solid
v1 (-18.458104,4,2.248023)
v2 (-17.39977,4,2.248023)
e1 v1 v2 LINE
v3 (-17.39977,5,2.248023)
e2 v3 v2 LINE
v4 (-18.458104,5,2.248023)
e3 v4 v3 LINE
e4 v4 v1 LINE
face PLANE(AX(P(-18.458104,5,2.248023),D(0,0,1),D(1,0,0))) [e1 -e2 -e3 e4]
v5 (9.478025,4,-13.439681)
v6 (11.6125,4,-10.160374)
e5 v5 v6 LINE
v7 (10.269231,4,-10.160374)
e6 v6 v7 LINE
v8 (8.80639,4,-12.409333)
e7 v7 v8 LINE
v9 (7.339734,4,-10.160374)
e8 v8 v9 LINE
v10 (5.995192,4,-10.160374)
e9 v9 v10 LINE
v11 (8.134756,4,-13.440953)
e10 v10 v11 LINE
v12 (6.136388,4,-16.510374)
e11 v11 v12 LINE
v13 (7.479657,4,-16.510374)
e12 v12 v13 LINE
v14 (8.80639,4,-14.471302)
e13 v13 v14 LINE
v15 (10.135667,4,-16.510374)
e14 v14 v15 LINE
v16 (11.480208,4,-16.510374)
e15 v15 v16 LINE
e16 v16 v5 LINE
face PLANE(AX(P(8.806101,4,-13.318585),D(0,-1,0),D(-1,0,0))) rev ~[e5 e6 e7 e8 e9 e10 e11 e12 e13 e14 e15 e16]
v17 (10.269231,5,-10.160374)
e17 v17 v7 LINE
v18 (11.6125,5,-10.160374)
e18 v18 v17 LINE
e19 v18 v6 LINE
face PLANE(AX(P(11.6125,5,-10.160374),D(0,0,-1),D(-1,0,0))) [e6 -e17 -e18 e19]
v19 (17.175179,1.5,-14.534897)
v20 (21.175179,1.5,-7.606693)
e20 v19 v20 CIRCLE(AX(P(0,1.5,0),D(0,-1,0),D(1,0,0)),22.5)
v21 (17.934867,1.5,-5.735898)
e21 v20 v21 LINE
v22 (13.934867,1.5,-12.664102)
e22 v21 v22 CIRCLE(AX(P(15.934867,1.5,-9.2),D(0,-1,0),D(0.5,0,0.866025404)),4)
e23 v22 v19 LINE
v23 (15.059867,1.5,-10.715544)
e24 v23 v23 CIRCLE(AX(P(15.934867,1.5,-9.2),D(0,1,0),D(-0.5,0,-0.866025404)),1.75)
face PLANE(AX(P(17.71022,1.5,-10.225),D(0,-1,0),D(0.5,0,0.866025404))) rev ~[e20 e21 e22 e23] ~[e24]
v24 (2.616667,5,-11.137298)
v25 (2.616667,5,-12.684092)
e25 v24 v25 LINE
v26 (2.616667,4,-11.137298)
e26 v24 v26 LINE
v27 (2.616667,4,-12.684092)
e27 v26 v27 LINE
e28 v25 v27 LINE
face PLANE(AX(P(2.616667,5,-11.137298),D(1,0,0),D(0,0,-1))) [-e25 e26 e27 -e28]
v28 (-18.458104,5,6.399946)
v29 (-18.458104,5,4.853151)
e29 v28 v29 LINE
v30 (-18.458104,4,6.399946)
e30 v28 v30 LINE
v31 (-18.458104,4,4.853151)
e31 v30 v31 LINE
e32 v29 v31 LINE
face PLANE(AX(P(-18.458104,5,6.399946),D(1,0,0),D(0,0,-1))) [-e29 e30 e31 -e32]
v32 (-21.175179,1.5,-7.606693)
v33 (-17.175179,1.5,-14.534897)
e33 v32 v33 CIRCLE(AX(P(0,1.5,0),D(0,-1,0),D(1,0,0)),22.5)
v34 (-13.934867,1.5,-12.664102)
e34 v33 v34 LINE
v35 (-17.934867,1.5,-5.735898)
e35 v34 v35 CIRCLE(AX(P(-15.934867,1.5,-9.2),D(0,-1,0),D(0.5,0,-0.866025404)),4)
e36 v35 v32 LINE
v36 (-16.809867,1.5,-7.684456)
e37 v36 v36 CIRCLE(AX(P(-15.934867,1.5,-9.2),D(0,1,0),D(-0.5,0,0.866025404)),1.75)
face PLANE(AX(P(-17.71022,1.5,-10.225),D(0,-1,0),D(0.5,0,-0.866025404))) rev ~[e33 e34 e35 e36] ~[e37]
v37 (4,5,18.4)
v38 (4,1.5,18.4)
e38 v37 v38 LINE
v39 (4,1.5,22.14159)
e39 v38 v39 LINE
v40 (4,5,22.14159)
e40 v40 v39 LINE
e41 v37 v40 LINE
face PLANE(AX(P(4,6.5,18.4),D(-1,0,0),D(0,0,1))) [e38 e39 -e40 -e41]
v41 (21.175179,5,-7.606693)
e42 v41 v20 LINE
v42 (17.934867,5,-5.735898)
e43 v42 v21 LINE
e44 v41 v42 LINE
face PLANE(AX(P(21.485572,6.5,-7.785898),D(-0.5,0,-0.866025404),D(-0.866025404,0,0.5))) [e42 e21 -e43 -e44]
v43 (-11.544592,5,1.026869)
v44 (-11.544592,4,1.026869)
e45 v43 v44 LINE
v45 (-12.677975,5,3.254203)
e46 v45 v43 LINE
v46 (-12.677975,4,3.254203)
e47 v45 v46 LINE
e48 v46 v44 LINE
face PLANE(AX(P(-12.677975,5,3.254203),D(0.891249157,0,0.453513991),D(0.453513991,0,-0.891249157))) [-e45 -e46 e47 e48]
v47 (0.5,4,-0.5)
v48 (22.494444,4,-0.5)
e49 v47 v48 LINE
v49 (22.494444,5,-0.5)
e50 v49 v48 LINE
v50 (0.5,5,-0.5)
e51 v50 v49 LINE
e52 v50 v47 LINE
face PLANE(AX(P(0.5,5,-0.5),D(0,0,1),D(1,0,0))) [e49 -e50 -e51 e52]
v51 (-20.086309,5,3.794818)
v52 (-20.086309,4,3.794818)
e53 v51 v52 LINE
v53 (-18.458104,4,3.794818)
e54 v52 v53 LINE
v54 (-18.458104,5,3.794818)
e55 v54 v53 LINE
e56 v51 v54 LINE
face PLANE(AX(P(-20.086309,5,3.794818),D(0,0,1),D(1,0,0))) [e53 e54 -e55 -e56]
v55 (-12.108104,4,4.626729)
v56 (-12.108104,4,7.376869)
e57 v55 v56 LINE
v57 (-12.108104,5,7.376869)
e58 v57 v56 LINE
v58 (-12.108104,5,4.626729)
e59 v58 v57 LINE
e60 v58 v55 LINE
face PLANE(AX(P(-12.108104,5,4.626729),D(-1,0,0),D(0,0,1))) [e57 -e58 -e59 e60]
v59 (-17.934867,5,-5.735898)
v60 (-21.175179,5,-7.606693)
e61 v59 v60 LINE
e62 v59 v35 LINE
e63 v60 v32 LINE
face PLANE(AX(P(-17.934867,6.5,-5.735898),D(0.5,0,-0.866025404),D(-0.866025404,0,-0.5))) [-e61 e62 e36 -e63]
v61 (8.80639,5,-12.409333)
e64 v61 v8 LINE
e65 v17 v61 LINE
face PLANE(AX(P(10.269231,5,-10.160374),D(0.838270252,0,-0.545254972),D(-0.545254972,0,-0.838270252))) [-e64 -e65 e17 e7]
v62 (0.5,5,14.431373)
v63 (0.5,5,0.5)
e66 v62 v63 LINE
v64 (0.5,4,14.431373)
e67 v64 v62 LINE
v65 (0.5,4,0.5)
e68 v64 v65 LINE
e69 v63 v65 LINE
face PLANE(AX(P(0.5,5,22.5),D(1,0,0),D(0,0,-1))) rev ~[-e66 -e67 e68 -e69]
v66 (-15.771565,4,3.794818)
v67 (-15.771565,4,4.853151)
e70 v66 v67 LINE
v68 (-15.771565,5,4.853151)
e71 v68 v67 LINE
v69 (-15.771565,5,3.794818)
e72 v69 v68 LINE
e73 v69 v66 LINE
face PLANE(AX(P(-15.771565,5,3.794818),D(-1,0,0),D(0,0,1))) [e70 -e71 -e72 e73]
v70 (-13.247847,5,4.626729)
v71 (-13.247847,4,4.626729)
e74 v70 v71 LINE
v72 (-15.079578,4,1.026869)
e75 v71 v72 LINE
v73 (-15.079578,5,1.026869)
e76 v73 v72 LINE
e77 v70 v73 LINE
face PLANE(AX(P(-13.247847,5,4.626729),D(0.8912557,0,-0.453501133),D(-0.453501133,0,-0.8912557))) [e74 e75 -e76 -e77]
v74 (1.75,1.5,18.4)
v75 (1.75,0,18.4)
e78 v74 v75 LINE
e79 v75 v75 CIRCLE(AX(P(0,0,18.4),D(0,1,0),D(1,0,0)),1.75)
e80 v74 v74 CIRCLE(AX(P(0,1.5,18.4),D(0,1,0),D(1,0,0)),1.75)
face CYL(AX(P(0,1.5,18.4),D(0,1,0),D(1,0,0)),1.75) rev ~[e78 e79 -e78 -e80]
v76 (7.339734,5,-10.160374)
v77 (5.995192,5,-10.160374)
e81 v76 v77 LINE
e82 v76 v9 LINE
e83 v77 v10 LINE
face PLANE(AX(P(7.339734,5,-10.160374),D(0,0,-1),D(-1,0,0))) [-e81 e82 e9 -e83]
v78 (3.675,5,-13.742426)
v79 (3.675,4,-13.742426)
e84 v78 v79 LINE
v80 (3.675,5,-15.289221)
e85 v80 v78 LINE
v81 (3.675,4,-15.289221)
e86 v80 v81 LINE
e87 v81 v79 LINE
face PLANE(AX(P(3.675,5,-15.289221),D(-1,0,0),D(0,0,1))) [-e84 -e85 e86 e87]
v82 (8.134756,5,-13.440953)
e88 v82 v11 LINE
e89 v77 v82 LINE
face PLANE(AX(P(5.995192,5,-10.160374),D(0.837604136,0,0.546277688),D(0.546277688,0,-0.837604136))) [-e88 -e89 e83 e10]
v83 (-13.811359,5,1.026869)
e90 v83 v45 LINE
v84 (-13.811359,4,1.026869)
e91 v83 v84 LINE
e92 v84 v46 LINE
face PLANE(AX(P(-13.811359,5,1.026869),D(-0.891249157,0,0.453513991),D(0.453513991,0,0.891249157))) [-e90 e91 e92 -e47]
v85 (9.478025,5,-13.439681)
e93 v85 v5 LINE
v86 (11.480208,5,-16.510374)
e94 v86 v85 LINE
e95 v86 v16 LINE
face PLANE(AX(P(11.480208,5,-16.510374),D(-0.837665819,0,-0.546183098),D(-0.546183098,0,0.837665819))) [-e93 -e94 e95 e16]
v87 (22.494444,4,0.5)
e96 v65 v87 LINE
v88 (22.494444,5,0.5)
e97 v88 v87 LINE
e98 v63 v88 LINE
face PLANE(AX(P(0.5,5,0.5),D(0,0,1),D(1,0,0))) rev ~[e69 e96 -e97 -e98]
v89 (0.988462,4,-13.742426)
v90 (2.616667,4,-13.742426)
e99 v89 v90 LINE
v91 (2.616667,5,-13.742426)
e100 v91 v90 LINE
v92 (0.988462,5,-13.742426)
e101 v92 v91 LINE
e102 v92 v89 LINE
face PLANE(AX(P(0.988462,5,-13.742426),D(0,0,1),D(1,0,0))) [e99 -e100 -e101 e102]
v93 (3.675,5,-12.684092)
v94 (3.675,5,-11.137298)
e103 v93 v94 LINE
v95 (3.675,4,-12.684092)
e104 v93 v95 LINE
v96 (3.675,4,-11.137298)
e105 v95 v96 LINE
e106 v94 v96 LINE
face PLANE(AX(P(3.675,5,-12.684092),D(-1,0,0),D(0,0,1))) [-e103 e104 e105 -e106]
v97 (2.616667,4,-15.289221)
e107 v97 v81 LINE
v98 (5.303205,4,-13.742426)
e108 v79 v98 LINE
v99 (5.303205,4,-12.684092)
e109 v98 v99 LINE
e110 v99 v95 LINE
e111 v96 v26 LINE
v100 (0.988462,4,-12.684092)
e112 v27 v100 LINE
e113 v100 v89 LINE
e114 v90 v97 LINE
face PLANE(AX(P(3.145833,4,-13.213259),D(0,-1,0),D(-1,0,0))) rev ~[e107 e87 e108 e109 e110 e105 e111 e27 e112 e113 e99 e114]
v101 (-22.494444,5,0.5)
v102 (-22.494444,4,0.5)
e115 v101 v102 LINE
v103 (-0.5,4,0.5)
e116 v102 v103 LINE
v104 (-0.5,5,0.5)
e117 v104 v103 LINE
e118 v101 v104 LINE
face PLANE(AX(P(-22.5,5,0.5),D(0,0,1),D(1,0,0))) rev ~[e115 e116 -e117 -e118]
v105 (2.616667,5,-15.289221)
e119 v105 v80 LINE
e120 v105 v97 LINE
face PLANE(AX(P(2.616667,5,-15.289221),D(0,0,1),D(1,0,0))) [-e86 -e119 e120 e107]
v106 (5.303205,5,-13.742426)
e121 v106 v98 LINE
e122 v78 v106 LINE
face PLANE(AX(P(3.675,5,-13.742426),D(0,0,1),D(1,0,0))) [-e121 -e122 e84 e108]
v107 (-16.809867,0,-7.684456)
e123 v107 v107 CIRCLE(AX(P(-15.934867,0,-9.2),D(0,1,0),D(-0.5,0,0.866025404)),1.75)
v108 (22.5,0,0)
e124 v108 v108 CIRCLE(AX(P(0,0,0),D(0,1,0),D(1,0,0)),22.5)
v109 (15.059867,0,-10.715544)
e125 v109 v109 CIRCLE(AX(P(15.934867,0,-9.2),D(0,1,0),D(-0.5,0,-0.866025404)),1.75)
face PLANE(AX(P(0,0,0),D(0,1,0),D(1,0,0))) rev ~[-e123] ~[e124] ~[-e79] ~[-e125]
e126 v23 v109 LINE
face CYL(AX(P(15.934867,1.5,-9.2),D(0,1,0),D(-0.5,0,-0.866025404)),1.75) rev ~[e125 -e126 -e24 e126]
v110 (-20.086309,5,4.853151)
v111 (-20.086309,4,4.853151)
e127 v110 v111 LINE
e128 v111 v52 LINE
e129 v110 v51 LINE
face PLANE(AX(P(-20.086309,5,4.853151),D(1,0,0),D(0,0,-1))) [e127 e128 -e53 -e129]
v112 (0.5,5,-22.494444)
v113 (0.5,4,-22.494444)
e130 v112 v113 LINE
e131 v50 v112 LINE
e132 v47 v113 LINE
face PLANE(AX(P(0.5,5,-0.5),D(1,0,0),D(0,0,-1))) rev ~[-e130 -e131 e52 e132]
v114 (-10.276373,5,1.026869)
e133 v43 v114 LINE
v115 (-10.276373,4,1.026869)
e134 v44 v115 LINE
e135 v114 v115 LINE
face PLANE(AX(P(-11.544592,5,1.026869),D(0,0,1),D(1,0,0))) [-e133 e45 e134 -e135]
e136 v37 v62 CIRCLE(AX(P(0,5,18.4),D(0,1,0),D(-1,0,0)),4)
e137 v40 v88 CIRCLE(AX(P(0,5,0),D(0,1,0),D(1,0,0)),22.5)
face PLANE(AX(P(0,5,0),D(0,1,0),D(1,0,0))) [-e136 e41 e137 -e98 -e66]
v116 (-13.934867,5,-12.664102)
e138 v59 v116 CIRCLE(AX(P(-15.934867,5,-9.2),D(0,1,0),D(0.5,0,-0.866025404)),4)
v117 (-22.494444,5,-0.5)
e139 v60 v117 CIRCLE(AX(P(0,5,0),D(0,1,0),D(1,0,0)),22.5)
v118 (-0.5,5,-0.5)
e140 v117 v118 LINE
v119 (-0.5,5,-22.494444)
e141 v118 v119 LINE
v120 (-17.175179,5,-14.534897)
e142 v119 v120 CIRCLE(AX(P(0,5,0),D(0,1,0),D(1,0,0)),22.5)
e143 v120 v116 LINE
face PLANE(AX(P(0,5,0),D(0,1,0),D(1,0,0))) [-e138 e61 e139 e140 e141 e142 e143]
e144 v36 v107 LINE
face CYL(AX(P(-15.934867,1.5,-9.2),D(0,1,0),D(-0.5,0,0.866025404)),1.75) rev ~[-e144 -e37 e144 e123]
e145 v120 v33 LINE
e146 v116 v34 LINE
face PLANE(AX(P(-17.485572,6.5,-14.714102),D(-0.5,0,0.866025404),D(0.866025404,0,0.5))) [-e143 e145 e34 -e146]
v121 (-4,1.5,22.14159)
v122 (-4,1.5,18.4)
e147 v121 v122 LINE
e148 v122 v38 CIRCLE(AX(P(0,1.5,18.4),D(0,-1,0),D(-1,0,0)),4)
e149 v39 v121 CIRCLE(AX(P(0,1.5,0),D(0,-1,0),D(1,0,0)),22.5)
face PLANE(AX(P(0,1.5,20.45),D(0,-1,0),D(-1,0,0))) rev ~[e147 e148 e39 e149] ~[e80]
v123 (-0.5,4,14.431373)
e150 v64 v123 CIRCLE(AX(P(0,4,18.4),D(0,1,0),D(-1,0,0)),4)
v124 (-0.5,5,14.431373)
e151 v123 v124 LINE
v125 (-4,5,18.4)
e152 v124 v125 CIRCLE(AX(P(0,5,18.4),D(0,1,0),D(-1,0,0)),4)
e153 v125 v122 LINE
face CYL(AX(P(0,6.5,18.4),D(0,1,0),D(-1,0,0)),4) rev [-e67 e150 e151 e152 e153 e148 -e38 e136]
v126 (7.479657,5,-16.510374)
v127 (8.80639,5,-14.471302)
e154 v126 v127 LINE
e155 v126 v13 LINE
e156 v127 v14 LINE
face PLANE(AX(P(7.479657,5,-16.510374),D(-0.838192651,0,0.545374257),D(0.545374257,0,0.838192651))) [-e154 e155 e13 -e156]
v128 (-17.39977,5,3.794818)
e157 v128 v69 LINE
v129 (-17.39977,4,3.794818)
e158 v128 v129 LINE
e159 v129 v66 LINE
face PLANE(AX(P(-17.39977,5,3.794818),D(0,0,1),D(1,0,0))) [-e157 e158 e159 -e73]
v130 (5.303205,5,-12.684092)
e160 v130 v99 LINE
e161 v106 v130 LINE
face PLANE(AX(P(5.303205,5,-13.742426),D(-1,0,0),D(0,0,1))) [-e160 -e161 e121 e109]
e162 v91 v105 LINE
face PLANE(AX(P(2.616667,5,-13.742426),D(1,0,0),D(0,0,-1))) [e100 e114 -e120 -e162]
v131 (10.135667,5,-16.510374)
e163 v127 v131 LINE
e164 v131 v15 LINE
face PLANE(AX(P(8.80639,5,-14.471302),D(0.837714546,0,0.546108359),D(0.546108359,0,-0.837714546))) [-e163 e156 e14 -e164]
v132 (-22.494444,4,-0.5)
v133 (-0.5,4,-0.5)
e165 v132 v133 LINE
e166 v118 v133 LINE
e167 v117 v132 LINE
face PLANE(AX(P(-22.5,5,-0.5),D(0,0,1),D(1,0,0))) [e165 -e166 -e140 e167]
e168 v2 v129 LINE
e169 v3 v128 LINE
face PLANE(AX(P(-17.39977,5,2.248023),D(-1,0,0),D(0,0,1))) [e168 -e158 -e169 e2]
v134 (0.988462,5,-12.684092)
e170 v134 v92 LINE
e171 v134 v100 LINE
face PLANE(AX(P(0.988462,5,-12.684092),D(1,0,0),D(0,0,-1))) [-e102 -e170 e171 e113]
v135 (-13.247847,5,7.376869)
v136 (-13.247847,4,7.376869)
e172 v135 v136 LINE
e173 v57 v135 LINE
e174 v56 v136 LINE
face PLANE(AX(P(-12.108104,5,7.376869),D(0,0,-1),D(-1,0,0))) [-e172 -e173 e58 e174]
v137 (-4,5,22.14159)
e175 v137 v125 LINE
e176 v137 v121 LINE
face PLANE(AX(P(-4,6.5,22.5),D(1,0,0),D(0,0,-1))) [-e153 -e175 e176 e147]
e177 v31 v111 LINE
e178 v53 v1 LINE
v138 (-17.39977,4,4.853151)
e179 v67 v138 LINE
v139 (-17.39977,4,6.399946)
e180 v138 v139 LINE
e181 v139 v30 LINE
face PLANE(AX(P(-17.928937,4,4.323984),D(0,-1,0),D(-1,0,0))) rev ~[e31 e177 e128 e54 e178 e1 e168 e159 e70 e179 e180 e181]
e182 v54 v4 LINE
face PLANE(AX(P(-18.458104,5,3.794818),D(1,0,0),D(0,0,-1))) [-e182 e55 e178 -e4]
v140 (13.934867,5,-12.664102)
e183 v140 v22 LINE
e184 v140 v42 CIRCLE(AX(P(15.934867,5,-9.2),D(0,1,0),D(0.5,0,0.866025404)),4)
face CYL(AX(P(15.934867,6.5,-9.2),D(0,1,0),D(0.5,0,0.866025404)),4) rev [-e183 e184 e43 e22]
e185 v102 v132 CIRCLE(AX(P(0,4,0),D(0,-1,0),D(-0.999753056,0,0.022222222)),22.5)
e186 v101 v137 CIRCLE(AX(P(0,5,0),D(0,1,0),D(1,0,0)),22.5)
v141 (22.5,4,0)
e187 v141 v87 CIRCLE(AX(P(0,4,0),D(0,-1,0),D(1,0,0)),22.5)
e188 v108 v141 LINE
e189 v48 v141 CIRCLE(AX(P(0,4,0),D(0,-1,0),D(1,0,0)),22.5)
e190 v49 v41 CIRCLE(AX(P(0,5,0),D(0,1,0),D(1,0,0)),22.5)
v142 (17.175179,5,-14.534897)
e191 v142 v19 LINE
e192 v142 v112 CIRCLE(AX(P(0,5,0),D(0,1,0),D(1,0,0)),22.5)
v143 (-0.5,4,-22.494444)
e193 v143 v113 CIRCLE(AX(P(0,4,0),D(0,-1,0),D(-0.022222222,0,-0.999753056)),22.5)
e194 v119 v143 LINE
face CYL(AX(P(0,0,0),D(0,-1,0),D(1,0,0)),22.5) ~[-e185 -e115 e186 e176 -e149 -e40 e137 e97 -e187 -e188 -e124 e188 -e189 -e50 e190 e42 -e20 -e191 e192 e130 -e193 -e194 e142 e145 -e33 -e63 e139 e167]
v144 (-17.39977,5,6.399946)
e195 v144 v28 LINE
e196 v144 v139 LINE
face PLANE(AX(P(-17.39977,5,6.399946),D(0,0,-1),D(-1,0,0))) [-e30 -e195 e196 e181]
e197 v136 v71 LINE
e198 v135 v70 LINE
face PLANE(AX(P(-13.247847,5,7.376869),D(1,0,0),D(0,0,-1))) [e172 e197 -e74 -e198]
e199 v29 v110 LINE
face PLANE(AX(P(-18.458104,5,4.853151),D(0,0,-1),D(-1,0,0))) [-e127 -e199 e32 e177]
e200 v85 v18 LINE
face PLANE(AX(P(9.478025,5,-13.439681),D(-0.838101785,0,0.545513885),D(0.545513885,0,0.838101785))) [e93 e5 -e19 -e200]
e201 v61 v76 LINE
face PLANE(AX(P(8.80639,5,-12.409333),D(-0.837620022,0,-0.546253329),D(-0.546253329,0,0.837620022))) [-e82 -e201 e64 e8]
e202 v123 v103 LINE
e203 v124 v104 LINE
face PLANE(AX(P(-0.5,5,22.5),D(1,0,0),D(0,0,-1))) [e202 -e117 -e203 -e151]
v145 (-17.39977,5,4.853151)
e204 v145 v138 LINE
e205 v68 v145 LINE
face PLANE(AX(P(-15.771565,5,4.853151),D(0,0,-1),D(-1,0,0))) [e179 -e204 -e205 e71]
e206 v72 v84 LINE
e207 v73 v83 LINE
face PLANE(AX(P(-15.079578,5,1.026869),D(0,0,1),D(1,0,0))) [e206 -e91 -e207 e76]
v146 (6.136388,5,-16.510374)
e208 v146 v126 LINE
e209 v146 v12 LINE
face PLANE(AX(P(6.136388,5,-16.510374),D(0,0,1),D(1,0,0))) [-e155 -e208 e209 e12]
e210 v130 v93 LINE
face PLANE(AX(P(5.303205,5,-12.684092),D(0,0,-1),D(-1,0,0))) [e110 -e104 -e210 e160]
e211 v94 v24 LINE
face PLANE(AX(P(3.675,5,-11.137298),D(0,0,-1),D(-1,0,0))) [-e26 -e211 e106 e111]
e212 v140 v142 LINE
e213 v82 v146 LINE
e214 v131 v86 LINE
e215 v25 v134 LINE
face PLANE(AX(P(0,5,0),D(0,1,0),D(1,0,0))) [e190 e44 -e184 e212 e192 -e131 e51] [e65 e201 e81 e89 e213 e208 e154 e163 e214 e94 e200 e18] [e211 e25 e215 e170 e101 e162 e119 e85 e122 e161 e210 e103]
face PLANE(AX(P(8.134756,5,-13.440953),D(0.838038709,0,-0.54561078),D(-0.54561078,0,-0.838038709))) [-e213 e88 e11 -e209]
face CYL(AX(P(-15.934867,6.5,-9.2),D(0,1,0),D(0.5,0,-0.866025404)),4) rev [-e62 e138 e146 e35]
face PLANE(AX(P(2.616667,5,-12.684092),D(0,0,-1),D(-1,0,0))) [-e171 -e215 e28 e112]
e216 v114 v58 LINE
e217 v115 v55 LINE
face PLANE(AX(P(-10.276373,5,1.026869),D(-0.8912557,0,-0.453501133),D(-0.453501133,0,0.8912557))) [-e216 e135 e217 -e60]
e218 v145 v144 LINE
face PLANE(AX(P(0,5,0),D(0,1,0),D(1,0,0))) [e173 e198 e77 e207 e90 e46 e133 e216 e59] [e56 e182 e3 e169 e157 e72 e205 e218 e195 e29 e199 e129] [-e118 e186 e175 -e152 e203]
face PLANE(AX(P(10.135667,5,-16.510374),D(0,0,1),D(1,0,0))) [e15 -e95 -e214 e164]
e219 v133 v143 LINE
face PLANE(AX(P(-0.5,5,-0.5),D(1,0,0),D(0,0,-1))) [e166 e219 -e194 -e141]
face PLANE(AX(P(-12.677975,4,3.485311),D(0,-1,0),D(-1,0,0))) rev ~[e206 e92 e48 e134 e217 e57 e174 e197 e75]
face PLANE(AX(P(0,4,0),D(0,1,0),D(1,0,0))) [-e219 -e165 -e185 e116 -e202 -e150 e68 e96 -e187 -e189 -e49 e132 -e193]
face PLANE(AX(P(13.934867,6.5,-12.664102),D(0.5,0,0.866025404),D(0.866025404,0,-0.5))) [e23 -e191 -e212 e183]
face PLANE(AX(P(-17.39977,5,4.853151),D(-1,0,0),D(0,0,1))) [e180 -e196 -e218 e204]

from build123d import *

# Parameters (mm, degrees)
SKETCH1_R               = 22.5
PLATE_DEPTH             = 5
OPENING_START           = 1.5
OPENING_FOR_SCREW_DEPTH = 5
SKETCH7_R               = 1.75
SCREW_HOLE_DEPTH        = 5
CIRPATTERN20_COUNT      = 3
SKETCH10_W              = 45
SKETCH10_H              = 1
SKETCH10_W_2            = 1
SKETCH10_H_2            = 45
CUT_EXTRUDE5_DEPTH      = 1
CUT_EXTRUDE6_DEPTH      = 1


with BuildPart() as part:
    # Sketch1 → plate (new body)
    with BuildSketch(Plane(origin=(0, 0, 0), x_dir=(1, 0, 0), z_dir=(0, 1, 0))):
        Circle(SKETCH1_R)
    extrude(amount=PLATE_DEPTH)

    # Sketch6 → opening for screw (cut)
    with BuildSketch(Plane(origin=(0, 5, 0), x_dir=(1, 0, 0), z_dir=(0, 1, 0)).offset(OPENING_START)):
        with BuildLine():
            Line((-4, -22.5), (-4, -18.4))
            ThreePointArc((-4, -18.4), (0, -14.4), (4, -18.4))
            Line((4, -18.4), (4, -22.5))
            ThreePointArc((4, -22.5), (0, -26.5), (-4, -22.5))
        make_face()
    opening_for_screw = extrude(amount=-OPENING_FOR_SCREW_DEPTH, mode=Mode.SUBTRACT)

    # Sketch7 → screw hole (cut)
    with BuildSketch(Plane(origin=(0, 1.5, 0), x_dir=(1, 0, 0), z_dir=(0, 1, 0))):
        with Locations((0, -18.4)):
            Circle(SKETCH7_R)
    screw_hole = extrude(amount=-SCREW_HOLE_DEPTH, mode=Mode.SUBTRACT)

    # CirPattern20: opening for screw, screw hole ×3 about axis
    cirpattern20_axis = Axis((0, 0, 0), (0, 1, 0))
    for i in range(1, CIRPATTERN20_COUNT):
        add(opening_for_screw.rotate(cirpattern20_axis, i * 360 / CIRPATTERN20_COUNT), mode=Mode.SUBTRACT)
        add(screw_hole.rotate(cirpattern20_axis, i * 360 / CIRPATTERN20_COUNT), mode=Mode.SUBTRACT)

    # Sketch10 → Cut-Extrude5 (cut)
    with BuildSketch(Plane(origin=(0, 5, 0), x_dir=(1, 0, 0), z_dir=(0, 1, 0))):
        Rectangle(SKETCH10_W, SKETCH10_H)
        Rectangle(SKETCH10_W_2, SKETCH10_H_2)
    extrude(amount=-CUT_EXTRUDE5_DEPTH, mode=Mode.SUBTRACT)

    # Sketch11 → Cut-Extrude6 (cut)
    with BuildSketch(Plane(origin=(0, 5, 0), x_dir=(1, 0, 0), z_dir=(0, 1, 0))):
        Polygon((2.616666667, 13.742425761), (2.616666667, 15.289220632), (3.675, 15.289220632), (3.675, 13.742425761), (5.303205128, 13.742425761), (5.303205128, 12.684092427), (3.675, 12.684092427), (3.675, 11.137297556), (2.616666667, 11.137297556), (2.616666667, 12.684092427), (0.988461538, 12.684092427), (0.988461538, 13.742425761), align=None)
        Polygon((6.136388221, 16.510374479), (7.479657452, 16.510374479), (8.806390224, 14.471301963), (10.135667067, 16.510374479), (11.480208333, 16.510374479), (9.47802484, 13.43968137), (11.6125, 10.160374479), (10.269230769, 10.160374479), (8.806390224, 12.409332812), (7.339733574, 10.160374479), (5.995192308, 10.160374479), (8.134755609, 13.440953405), align=None)
        Polygon((-18.458103671, -3.794817635), (-18.458103671, -2.248022763), (-17.399770338, -2.248022763), (-17.399770338, -3.794817635), (-15.771565209, -3.794817635), (-15.771565209, -4.853150968), (-17.399770338, -4.853150968), (-17.399770338, -6.39994584), (-18.458103671, -6.39994584), (-18.458103671, -4.853150968), (-20.086308799, -4.853150968), (-20.086308799, -3.794817635), align=None)
        Polygon((-15.07957803, -1.026868917), (-13.811358879, -1.026868917), (-12.677975466, -3.254202651), (-11.544592052, -1.026868917), (-10.276372902, -1.026868917), (-12.108103671, -4.626728693), (-12.108103671, -7.376868917), (-13.247847261, -7.376868917), (-13.247847261, -4.626728693), align=None)
    extrude(amount=-CUT_EXTRUDE6_DEPTH, mode=Mode.SUBTRACT)


solid = part.part
